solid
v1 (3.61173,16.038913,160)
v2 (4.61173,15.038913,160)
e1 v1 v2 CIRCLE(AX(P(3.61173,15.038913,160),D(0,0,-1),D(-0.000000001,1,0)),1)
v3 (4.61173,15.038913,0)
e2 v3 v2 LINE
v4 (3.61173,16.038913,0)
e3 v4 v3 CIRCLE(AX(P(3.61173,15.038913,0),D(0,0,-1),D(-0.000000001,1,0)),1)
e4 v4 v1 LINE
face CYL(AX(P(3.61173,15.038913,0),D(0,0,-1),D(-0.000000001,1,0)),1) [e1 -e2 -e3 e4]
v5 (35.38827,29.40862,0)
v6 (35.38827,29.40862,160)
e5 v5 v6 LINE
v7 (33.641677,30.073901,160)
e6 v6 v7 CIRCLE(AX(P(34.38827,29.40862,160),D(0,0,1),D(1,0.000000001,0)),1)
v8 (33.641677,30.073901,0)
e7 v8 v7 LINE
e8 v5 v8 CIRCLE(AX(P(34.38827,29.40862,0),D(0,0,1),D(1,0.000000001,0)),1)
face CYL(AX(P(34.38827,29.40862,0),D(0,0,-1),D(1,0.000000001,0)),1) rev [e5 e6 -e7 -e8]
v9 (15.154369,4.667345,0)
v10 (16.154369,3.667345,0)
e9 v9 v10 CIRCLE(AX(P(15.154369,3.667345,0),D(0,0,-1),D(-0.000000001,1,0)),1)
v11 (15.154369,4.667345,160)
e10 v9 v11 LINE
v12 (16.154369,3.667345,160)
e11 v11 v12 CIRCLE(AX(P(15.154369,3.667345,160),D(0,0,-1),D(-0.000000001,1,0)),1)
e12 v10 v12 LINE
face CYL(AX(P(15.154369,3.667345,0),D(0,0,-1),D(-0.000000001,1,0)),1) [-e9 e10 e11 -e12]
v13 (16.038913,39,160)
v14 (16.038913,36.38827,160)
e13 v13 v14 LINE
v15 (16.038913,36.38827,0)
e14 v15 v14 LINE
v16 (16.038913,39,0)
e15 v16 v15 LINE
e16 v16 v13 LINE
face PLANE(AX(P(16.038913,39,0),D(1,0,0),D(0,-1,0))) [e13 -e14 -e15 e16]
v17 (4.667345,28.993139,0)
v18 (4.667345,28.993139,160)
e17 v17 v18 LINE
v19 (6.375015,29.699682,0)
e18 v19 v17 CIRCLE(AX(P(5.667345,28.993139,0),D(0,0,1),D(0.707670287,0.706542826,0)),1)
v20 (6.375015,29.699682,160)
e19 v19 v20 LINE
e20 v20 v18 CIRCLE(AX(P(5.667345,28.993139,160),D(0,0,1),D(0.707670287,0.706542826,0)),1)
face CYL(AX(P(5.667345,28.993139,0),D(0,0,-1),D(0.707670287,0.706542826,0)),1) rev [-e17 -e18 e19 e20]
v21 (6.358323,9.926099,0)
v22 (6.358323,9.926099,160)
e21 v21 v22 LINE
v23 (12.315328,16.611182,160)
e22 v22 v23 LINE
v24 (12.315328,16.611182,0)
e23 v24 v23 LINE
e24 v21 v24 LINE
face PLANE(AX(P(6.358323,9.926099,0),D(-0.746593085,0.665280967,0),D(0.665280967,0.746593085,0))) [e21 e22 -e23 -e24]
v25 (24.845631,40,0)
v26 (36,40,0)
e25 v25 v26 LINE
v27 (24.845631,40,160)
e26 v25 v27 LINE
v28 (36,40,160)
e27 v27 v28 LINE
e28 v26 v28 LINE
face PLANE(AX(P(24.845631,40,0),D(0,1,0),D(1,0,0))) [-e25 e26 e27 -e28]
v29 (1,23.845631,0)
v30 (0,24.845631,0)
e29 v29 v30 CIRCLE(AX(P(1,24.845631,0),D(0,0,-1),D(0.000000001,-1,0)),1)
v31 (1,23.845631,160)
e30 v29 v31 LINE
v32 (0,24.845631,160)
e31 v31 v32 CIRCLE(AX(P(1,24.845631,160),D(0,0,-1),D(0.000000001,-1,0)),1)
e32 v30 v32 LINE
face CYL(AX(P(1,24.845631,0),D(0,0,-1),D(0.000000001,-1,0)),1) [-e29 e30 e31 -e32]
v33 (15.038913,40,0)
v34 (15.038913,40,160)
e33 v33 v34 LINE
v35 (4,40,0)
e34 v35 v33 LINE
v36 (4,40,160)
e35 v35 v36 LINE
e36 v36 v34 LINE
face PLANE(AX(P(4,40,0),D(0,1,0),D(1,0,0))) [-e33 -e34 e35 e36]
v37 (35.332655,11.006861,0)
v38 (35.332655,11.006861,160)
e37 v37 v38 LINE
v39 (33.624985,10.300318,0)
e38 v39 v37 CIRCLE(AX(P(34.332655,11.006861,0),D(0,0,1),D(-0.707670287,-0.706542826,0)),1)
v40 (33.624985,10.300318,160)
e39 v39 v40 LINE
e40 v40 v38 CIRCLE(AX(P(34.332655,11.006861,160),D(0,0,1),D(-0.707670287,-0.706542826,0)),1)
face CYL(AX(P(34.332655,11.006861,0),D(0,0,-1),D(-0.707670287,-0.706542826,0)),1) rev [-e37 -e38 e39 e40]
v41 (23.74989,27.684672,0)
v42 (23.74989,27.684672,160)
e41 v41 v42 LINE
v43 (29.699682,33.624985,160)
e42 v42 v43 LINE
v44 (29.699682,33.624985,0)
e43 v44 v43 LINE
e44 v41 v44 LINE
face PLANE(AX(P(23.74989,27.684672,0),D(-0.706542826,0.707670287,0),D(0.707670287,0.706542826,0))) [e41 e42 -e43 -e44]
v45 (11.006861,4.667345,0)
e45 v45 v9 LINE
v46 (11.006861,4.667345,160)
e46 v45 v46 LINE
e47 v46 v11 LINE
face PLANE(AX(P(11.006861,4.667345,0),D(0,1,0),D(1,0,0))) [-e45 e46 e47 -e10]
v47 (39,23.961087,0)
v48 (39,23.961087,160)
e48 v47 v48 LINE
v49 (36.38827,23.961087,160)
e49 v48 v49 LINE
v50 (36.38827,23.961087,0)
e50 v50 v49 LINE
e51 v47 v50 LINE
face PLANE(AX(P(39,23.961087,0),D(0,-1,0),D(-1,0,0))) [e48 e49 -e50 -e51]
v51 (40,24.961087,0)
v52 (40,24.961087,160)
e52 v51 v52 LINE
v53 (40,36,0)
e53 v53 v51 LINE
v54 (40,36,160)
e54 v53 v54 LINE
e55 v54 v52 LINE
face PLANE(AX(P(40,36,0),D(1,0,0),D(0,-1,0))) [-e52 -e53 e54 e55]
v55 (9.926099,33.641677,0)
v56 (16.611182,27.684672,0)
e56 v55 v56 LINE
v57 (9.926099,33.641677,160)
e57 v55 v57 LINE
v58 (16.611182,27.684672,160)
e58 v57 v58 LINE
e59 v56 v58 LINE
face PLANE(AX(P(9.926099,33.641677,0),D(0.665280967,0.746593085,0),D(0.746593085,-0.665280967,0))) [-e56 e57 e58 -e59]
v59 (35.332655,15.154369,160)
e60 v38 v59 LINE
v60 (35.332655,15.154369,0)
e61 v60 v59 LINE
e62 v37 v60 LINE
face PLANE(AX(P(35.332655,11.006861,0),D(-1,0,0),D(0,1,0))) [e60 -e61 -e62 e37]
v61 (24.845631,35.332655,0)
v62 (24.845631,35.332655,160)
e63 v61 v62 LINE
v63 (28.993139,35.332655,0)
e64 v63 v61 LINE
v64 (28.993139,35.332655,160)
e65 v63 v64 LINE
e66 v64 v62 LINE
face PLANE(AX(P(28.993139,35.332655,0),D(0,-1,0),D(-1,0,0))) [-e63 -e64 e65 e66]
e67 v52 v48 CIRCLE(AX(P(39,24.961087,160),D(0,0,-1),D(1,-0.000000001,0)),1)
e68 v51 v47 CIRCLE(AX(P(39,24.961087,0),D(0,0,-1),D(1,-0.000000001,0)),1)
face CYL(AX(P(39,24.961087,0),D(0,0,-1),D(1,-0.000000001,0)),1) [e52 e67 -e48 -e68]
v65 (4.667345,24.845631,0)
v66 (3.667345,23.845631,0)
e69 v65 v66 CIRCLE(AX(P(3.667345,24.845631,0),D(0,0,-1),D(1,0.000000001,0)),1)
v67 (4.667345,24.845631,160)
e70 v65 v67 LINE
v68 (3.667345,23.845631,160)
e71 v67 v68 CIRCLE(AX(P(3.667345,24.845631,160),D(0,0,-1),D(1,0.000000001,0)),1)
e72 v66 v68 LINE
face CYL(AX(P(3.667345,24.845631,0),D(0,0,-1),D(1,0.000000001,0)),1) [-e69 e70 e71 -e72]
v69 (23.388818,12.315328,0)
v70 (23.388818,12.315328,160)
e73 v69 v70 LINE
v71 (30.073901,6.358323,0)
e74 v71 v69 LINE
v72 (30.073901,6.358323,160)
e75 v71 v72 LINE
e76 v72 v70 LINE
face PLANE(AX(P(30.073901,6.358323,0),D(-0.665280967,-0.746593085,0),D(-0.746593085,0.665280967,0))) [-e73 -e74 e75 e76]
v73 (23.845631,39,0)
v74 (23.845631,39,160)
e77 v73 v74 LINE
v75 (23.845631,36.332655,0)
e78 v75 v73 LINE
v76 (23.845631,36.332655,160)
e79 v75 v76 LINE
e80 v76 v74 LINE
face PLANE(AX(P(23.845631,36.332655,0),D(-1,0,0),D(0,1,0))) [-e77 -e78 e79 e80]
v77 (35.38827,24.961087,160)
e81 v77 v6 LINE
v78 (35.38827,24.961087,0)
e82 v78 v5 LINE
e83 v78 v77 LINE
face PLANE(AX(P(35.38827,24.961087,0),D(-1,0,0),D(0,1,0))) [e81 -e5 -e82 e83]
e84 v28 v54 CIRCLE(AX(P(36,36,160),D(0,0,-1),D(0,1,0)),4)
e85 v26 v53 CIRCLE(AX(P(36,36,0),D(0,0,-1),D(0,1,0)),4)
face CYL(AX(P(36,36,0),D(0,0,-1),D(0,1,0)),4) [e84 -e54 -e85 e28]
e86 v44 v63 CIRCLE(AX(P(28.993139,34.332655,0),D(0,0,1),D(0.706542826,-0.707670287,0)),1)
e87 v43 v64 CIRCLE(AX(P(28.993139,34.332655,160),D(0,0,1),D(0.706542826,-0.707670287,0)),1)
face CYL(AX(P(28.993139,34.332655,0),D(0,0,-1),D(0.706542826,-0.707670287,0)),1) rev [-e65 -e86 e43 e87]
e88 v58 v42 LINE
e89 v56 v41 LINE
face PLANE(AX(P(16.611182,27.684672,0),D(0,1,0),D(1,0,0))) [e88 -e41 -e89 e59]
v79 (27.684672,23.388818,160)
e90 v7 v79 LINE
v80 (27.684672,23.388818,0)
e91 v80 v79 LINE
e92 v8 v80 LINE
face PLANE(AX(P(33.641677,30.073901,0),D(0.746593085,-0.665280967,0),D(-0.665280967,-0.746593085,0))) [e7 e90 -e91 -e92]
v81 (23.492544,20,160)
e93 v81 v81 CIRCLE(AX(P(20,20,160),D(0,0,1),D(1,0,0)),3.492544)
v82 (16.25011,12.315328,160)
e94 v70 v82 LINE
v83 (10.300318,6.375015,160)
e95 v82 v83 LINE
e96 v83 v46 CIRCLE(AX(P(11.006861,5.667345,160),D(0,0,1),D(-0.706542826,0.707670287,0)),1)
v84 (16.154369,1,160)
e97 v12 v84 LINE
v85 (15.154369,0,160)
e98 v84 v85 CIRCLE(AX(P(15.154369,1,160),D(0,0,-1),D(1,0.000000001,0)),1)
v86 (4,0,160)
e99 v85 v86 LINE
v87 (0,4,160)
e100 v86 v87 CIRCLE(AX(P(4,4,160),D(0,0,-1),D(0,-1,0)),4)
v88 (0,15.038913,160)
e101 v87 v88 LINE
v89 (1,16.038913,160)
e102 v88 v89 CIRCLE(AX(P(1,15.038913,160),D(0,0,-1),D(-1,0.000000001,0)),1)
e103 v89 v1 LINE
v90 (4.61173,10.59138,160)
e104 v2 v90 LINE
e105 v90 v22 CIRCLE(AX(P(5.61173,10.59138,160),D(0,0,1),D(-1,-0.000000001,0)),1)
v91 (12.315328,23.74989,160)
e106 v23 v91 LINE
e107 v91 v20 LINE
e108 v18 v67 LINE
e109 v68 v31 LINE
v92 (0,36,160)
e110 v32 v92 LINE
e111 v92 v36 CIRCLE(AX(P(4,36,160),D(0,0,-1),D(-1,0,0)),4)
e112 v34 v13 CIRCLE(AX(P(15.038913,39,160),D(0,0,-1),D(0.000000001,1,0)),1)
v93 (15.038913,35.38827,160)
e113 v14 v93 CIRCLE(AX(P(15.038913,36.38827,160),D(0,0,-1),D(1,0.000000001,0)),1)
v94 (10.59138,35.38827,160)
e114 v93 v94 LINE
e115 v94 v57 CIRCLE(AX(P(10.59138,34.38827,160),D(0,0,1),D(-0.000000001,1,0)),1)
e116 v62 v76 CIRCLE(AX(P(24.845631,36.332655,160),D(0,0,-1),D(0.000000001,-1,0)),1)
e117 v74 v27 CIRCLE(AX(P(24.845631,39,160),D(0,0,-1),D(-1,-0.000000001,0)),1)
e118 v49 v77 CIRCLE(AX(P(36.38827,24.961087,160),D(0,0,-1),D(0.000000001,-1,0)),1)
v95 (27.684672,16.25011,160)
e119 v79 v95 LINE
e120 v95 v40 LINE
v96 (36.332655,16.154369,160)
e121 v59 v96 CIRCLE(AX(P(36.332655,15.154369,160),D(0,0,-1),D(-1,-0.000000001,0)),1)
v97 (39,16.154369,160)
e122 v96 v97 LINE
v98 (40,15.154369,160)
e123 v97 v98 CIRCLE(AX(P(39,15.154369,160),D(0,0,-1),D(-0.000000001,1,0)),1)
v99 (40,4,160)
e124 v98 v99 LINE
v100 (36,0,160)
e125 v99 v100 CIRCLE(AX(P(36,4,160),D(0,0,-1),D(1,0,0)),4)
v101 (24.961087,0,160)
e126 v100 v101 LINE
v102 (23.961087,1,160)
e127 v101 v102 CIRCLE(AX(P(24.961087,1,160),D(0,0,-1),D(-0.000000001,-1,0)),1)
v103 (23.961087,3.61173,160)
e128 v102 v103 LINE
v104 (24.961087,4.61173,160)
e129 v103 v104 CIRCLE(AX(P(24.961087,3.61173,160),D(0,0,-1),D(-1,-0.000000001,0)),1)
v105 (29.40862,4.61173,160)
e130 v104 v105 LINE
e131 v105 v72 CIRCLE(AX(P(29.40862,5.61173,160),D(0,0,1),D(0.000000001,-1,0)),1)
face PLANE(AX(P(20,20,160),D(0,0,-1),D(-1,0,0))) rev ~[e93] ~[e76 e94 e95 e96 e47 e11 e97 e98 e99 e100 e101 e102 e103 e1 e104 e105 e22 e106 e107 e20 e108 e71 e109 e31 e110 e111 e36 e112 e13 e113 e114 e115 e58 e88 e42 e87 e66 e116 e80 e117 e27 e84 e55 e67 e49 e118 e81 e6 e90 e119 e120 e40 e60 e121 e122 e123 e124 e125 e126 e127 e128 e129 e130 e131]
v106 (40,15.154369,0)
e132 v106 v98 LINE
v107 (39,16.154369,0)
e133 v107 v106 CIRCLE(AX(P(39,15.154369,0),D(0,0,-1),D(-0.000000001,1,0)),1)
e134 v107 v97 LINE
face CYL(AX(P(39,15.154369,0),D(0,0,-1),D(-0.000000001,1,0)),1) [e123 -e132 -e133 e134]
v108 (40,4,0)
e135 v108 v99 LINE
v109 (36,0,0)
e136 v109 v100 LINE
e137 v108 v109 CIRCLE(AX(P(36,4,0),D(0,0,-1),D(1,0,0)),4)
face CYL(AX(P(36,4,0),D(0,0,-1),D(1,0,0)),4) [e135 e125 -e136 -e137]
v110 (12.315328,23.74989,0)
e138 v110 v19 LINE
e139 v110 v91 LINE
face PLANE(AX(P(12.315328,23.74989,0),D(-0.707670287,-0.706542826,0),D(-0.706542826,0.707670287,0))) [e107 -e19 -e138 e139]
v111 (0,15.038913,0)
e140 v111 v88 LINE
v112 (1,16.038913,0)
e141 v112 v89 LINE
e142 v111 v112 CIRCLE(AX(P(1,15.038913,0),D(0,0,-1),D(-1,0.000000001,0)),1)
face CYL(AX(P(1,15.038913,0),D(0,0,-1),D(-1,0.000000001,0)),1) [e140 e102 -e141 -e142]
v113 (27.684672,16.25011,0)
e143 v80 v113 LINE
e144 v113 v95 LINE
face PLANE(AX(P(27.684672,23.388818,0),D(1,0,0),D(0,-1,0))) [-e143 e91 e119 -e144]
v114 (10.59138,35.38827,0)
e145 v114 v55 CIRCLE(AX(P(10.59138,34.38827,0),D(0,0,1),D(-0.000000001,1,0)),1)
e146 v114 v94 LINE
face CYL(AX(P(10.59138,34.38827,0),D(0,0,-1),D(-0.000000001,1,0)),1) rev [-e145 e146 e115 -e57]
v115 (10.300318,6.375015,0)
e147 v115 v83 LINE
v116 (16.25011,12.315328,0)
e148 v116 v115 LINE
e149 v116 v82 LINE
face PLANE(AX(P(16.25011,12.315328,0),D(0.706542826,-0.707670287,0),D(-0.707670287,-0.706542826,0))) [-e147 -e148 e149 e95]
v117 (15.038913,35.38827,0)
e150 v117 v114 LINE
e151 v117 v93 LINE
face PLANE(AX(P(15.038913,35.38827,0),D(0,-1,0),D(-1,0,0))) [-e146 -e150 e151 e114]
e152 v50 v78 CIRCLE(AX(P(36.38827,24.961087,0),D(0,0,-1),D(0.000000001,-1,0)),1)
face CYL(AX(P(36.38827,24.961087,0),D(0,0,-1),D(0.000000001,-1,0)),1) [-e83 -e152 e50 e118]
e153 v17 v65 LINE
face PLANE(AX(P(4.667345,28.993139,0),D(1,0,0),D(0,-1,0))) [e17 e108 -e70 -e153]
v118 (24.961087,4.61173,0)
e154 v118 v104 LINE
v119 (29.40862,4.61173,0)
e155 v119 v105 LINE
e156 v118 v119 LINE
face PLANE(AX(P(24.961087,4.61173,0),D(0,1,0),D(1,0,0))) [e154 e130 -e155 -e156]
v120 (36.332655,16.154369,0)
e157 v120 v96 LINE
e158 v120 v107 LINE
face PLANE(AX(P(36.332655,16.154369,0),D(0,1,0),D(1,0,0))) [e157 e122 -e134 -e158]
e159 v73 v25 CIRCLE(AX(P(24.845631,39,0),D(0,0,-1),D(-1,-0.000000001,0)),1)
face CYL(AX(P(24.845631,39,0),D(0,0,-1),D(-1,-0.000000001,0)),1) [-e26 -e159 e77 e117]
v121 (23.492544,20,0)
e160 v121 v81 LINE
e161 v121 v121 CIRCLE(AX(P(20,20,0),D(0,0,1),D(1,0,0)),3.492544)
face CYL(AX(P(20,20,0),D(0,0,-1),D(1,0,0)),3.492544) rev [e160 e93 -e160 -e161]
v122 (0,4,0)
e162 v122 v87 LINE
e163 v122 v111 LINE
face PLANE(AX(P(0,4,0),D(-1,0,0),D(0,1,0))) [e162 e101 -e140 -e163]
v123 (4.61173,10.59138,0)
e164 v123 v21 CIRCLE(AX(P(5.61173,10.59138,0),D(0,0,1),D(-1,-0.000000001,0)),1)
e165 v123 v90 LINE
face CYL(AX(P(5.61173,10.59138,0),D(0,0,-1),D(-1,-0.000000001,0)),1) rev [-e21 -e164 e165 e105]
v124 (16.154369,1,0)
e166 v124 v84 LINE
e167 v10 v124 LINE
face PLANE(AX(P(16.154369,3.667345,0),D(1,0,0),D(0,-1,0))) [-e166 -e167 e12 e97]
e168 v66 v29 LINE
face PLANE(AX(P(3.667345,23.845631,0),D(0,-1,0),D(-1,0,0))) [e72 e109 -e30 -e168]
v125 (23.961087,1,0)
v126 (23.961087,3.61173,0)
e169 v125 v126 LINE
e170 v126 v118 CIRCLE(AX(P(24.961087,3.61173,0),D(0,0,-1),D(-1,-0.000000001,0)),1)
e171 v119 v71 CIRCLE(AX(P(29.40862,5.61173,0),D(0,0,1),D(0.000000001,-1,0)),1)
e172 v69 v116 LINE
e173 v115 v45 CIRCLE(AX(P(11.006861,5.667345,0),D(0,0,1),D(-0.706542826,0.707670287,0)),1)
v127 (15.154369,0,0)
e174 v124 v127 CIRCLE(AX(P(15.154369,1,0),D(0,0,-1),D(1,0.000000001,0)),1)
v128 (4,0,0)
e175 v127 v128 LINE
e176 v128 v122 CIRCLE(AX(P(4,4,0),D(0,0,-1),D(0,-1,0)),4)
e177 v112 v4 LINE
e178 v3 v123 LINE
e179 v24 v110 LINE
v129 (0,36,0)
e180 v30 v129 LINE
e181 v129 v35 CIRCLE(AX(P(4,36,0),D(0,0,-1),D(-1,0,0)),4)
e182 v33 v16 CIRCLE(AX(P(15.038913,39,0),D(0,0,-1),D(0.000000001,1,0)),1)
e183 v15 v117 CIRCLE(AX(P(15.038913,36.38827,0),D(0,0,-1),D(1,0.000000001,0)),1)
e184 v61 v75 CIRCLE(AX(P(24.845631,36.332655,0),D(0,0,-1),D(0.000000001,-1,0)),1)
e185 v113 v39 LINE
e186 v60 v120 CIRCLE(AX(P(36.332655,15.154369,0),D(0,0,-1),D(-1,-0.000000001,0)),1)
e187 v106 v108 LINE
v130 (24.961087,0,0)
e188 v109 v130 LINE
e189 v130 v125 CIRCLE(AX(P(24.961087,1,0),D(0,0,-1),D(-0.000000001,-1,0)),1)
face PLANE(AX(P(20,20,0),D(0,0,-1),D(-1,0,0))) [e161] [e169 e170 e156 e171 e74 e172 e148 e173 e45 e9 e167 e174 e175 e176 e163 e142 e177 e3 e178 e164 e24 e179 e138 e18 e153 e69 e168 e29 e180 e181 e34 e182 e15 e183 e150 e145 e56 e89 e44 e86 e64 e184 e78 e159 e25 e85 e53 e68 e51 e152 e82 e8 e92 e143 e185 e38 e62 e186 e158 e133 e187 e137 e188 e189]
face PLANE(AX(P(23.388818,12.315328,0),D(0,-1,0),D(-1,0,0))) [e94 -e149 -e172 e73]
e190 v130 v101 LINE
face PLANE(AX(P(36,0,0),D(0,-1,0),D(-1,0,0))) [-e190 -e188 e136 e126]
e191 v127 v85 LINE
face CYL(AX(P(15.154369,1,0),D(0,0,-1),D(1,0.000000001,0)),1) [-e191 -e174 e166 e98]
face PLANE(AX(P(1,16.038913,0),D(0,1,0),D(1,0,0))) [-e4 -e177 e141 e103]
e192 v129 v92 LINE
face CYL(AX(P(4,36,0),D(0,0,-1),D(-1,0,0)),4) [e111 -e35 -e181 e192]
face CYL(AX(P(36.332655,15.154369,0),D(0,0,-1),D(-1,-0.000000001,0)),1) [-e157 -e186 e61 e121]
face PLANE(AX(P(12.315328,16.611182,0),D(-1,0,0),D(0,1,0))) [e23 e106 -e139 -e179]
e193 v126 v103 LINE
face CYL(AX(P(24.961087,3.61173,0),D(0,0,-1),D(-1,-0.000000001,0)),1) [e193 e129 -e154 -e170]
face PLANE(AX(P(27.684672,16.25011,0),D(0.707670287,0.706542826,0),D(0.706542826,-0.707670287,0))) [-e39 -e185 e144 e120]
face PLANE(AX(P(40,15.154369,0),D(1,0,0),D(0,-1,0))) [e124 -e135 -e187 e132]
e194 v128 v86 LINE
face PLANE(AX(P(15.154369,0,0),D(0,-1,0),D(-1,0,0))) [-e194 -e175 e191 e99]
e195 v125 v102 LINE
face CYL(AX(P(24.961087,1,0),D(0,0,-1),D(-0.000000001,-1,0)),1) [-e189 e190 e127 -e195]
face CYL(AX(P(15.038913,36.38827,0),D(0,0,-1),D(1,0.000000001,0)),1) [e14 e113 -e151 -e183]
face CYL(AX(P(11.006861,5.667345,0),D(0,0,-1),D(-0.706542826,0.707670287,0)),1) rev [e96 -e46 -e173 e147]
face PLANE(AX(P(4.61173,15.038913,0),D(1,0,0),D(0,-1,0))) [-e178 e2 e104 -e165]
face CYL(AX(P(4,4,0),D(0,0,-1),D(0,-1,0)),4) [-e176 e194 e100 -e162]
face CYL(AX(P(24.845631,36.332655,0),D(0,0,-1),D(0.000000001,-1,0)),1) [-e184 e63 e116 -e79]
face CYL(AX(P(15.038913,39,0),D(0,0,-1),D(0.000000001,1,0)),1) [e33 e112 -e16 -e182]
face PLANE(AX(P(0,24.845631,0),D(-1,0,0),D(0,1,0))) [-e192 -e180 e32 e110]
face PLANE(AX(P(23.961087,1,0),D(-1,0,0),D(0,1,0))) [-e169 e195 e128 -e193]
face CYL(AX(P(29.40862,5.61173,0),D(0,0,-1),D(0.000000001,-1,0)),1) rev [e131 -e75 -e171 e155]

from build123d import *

# Parameters (mm, degrees)
SKETCH2_R           = 3.492543695
BOSS_EXTRUDE1_DEPTH = 160


with BuildPart() as part:
    # Sketch2 → Boss-Extrude1 (new body)
    with BuildSketch(Plane.XY):
        with BuildLine():
            Line((19.48831917, 27.684671829), (23.749889801, 27.684671829))
            Line((23.749889801, 27.684671829), (29.699681879, 33.624984685))
            ThreePointArc((29.699681879, 33.624984685), (29.917171057, 34.714970099), (28.993139054, 35.332654972))
            Line((28.993139054, 35.332654972), (24.845630957, 35.332654972))
            ThreePointArc((24.845630957, 35.332654972), (24.138524175, 35.625548191), (23.845630957, 36.332654972))
            Line((23.845630957, 36.332654972), (23.845630957, 39))
            ThreePointArc((23.845630957, 39), (24.138524175, 39.707106781), (24.845630957, 40))
            Line((24.845630957, 40), (36, 40))
            ThreePointArc((36, 40), (38.828427125, 38.828427125), (40, 36))
            Line((40, 36), (40, 24.961087436))
            ThreePointArc((40, 24.961087436), (39.707106781, 24.253980655), (39, 23.961087436))
            Line((39, 23.961087436), (36.388269628, 23.961087436))
            ThreePointArc((36.388269628, 23.961087436), (35.681162846, 24.253980655), (35.388269628, 24.961087436))
            Line((35.388269628, 24.961087436), (35.388269628, 29.408620307))
            ThreePointArc((35.388269628, 29.408620307), (34.744223919, 30.343123673), (33.641676542, 30.073901274))
            Line((33.641676542, 30.073901274), (27.684671829, 23.388818206))
            Line((27.684671829, 23.388818206), (27.684671829, 20.51168083))
            Line((27.684671829, 20.51168083), (27.684671829, 16.250110199))
            Line((27.684671829, 16.250110199), (33.624984685, 10.300318121))
            ThreePointArc((33.624984685, 10.300318121), (34.714970099, 10.082828943), (35.332654972, 11.006860946))
            Line((35.332654972, 11.006860946), (35.332654972, 15.154369043))
            ThreePointArc((35.332654972, 15.154369043), (35.625548191, 15.861475825), (36.332654972, 16.154369043))
            Line((36.332654972, 16.154369043), (39, 16.154369043))
            ThreePointArc((39, 16.154369043), (39.707106781, 15.861475825), (40, 15.154369043))
            Line((40, 15.154369043), (40, 4))
            ThreePointArc((40, 4), (38.828427125, 1.171572875), (36, 0))
            Line((36, 0), (24.961087436, 0))
            ThreePointArc((24.961087436, 0), (24.253980655, 0.292893219), (23.961087436, 1))
            Line((23.961087436, 1), (23.961087436, 3.611730372))
            ThreePointArc((23.961087436, 3.611730372), (24.253980655, 4.318837154), (24.961087436, 4.611730372))
            Line((24.961087436, 4.611730372), (29.408620307, 4.611730372))
            ThreePointArc((29.408620307, 4.611730372), (30.343123673, 5.255776081), (30.073901274, 6.358323458))
            Line((30.073901274, 6.358323458), (23.388818206, 12.315328171))
            Line((23.388818206, 12.315328171), (20.51168083, 12.315328171))
            Line((20.51168083, 12.315328171), (16.250110199, 12.315328171))
            Line((16.250110199, 12.315328171), (10.300318121, 6.375015315))
            ThreePointArc((10.300318121, 6.375015315), (10.082828943, 5.285029901), (11.006860946, 4.667345028))
            Line((11.006860946, 4.667345028), (15.154369043, 4.667345028))
            ThreePointArc((15.154369043, 4.667345028), (15.861475825, 4.374451809), (16.154369043, 3.667345028))
            Line((16.154369043, 3.667345028), (16.154369043, 1))
            ThreePointArc((16.154369043, 1), (15.861475825, 0.292893219), (15.154369043, 0))
            Line((15.154369043, 0), (4, 0))
            ThreePointArc((4, 0), (1.171572875, 1.171572875), (0, 4))
            Line((0, 4), (0, 15.038912564))
            ThreePointArc((0, 15.038912564), (0.292893219, 15.746019345), (1, 16.038912564))
            Line((1, 16.038912564), (3.611730372, 16.038912564))
            ThreePointArc((3.611730372, 16.038912564), (4.318837154, 15.746019345), (4.611730372, 15.038912564))
            Line((4.611730372, 15.038912564), (4.611730372, 10.591379693))
            ThreePointArc((4.611730372, 10.591379693), (5.255776081, 9.656876327), (6.358323458, 9.926098726))
            Line((6.358323458, 9.926098726), (12.315328171, 16.611181794))
            Line((12.315328171, 16.611181794), (12.315328171, 19.48831917))
            Line((12.315328171, 19.48831917), (12.315328171, 23.749889801))
            Line((12.315328171, 23.749889801), (6.375015315, 29.699681879))
            ThreePointArc((6.375015315, 29.699681879), (5.285029901, 29.917171057), (4.667345028, 28.993139054))
            Line((4.667345028, 28.993139054), (4.667345028, 24.845630957))
            ThreePointArc((4.667345028, 24.845630957), (4.374451809, 24.138524175), (3.667345028, 23.845630957))
            Line((3.667345028, 23.845630957), (1, 23.845630957))
            ThreePointArc((1, 23.845630957), (0.292893219, 24.138524175), (0, 24.845630957))
            Line((0, 24.845630957), (0, 36))
            ThreePointArc((0, 36), (1.171572875, 38.828427125), (4, 40))
            Line((4, 40), (15.038912564, 40))
            ThreePointArc((15.038912564, 40), (15.746019345, 39.707106781), (16.038912564, 39))
            Line((16.038912564, 39), (16.038912564, 36.388269628))
            ThreePointArc((16.038912564, 36.388269628), (15.746019345, 35.681162846), (15.038912564, 35.388269628))
            Line((15.038912564, 35.388269628), (10.591379693, 35.388269628))
            ThreePointArc((10.591379693, 35.388269628), (9.656876327, 34.744223919), (9.926098726, 33.641676542))
            Line((9.926098726, 33.641676542), (16.611181794, 27.684671829))
            Line((16.611181794, 27.684671829), (19.48831917, 27.684671829))
        make_face()
        with Locations((20, 20)):
            Circle(SKETCH2_R, mode=Mode.SUBTRACT)
    extrude(amount=BOSS_EXTRUDE1_DEPTH)


solid = part.part
